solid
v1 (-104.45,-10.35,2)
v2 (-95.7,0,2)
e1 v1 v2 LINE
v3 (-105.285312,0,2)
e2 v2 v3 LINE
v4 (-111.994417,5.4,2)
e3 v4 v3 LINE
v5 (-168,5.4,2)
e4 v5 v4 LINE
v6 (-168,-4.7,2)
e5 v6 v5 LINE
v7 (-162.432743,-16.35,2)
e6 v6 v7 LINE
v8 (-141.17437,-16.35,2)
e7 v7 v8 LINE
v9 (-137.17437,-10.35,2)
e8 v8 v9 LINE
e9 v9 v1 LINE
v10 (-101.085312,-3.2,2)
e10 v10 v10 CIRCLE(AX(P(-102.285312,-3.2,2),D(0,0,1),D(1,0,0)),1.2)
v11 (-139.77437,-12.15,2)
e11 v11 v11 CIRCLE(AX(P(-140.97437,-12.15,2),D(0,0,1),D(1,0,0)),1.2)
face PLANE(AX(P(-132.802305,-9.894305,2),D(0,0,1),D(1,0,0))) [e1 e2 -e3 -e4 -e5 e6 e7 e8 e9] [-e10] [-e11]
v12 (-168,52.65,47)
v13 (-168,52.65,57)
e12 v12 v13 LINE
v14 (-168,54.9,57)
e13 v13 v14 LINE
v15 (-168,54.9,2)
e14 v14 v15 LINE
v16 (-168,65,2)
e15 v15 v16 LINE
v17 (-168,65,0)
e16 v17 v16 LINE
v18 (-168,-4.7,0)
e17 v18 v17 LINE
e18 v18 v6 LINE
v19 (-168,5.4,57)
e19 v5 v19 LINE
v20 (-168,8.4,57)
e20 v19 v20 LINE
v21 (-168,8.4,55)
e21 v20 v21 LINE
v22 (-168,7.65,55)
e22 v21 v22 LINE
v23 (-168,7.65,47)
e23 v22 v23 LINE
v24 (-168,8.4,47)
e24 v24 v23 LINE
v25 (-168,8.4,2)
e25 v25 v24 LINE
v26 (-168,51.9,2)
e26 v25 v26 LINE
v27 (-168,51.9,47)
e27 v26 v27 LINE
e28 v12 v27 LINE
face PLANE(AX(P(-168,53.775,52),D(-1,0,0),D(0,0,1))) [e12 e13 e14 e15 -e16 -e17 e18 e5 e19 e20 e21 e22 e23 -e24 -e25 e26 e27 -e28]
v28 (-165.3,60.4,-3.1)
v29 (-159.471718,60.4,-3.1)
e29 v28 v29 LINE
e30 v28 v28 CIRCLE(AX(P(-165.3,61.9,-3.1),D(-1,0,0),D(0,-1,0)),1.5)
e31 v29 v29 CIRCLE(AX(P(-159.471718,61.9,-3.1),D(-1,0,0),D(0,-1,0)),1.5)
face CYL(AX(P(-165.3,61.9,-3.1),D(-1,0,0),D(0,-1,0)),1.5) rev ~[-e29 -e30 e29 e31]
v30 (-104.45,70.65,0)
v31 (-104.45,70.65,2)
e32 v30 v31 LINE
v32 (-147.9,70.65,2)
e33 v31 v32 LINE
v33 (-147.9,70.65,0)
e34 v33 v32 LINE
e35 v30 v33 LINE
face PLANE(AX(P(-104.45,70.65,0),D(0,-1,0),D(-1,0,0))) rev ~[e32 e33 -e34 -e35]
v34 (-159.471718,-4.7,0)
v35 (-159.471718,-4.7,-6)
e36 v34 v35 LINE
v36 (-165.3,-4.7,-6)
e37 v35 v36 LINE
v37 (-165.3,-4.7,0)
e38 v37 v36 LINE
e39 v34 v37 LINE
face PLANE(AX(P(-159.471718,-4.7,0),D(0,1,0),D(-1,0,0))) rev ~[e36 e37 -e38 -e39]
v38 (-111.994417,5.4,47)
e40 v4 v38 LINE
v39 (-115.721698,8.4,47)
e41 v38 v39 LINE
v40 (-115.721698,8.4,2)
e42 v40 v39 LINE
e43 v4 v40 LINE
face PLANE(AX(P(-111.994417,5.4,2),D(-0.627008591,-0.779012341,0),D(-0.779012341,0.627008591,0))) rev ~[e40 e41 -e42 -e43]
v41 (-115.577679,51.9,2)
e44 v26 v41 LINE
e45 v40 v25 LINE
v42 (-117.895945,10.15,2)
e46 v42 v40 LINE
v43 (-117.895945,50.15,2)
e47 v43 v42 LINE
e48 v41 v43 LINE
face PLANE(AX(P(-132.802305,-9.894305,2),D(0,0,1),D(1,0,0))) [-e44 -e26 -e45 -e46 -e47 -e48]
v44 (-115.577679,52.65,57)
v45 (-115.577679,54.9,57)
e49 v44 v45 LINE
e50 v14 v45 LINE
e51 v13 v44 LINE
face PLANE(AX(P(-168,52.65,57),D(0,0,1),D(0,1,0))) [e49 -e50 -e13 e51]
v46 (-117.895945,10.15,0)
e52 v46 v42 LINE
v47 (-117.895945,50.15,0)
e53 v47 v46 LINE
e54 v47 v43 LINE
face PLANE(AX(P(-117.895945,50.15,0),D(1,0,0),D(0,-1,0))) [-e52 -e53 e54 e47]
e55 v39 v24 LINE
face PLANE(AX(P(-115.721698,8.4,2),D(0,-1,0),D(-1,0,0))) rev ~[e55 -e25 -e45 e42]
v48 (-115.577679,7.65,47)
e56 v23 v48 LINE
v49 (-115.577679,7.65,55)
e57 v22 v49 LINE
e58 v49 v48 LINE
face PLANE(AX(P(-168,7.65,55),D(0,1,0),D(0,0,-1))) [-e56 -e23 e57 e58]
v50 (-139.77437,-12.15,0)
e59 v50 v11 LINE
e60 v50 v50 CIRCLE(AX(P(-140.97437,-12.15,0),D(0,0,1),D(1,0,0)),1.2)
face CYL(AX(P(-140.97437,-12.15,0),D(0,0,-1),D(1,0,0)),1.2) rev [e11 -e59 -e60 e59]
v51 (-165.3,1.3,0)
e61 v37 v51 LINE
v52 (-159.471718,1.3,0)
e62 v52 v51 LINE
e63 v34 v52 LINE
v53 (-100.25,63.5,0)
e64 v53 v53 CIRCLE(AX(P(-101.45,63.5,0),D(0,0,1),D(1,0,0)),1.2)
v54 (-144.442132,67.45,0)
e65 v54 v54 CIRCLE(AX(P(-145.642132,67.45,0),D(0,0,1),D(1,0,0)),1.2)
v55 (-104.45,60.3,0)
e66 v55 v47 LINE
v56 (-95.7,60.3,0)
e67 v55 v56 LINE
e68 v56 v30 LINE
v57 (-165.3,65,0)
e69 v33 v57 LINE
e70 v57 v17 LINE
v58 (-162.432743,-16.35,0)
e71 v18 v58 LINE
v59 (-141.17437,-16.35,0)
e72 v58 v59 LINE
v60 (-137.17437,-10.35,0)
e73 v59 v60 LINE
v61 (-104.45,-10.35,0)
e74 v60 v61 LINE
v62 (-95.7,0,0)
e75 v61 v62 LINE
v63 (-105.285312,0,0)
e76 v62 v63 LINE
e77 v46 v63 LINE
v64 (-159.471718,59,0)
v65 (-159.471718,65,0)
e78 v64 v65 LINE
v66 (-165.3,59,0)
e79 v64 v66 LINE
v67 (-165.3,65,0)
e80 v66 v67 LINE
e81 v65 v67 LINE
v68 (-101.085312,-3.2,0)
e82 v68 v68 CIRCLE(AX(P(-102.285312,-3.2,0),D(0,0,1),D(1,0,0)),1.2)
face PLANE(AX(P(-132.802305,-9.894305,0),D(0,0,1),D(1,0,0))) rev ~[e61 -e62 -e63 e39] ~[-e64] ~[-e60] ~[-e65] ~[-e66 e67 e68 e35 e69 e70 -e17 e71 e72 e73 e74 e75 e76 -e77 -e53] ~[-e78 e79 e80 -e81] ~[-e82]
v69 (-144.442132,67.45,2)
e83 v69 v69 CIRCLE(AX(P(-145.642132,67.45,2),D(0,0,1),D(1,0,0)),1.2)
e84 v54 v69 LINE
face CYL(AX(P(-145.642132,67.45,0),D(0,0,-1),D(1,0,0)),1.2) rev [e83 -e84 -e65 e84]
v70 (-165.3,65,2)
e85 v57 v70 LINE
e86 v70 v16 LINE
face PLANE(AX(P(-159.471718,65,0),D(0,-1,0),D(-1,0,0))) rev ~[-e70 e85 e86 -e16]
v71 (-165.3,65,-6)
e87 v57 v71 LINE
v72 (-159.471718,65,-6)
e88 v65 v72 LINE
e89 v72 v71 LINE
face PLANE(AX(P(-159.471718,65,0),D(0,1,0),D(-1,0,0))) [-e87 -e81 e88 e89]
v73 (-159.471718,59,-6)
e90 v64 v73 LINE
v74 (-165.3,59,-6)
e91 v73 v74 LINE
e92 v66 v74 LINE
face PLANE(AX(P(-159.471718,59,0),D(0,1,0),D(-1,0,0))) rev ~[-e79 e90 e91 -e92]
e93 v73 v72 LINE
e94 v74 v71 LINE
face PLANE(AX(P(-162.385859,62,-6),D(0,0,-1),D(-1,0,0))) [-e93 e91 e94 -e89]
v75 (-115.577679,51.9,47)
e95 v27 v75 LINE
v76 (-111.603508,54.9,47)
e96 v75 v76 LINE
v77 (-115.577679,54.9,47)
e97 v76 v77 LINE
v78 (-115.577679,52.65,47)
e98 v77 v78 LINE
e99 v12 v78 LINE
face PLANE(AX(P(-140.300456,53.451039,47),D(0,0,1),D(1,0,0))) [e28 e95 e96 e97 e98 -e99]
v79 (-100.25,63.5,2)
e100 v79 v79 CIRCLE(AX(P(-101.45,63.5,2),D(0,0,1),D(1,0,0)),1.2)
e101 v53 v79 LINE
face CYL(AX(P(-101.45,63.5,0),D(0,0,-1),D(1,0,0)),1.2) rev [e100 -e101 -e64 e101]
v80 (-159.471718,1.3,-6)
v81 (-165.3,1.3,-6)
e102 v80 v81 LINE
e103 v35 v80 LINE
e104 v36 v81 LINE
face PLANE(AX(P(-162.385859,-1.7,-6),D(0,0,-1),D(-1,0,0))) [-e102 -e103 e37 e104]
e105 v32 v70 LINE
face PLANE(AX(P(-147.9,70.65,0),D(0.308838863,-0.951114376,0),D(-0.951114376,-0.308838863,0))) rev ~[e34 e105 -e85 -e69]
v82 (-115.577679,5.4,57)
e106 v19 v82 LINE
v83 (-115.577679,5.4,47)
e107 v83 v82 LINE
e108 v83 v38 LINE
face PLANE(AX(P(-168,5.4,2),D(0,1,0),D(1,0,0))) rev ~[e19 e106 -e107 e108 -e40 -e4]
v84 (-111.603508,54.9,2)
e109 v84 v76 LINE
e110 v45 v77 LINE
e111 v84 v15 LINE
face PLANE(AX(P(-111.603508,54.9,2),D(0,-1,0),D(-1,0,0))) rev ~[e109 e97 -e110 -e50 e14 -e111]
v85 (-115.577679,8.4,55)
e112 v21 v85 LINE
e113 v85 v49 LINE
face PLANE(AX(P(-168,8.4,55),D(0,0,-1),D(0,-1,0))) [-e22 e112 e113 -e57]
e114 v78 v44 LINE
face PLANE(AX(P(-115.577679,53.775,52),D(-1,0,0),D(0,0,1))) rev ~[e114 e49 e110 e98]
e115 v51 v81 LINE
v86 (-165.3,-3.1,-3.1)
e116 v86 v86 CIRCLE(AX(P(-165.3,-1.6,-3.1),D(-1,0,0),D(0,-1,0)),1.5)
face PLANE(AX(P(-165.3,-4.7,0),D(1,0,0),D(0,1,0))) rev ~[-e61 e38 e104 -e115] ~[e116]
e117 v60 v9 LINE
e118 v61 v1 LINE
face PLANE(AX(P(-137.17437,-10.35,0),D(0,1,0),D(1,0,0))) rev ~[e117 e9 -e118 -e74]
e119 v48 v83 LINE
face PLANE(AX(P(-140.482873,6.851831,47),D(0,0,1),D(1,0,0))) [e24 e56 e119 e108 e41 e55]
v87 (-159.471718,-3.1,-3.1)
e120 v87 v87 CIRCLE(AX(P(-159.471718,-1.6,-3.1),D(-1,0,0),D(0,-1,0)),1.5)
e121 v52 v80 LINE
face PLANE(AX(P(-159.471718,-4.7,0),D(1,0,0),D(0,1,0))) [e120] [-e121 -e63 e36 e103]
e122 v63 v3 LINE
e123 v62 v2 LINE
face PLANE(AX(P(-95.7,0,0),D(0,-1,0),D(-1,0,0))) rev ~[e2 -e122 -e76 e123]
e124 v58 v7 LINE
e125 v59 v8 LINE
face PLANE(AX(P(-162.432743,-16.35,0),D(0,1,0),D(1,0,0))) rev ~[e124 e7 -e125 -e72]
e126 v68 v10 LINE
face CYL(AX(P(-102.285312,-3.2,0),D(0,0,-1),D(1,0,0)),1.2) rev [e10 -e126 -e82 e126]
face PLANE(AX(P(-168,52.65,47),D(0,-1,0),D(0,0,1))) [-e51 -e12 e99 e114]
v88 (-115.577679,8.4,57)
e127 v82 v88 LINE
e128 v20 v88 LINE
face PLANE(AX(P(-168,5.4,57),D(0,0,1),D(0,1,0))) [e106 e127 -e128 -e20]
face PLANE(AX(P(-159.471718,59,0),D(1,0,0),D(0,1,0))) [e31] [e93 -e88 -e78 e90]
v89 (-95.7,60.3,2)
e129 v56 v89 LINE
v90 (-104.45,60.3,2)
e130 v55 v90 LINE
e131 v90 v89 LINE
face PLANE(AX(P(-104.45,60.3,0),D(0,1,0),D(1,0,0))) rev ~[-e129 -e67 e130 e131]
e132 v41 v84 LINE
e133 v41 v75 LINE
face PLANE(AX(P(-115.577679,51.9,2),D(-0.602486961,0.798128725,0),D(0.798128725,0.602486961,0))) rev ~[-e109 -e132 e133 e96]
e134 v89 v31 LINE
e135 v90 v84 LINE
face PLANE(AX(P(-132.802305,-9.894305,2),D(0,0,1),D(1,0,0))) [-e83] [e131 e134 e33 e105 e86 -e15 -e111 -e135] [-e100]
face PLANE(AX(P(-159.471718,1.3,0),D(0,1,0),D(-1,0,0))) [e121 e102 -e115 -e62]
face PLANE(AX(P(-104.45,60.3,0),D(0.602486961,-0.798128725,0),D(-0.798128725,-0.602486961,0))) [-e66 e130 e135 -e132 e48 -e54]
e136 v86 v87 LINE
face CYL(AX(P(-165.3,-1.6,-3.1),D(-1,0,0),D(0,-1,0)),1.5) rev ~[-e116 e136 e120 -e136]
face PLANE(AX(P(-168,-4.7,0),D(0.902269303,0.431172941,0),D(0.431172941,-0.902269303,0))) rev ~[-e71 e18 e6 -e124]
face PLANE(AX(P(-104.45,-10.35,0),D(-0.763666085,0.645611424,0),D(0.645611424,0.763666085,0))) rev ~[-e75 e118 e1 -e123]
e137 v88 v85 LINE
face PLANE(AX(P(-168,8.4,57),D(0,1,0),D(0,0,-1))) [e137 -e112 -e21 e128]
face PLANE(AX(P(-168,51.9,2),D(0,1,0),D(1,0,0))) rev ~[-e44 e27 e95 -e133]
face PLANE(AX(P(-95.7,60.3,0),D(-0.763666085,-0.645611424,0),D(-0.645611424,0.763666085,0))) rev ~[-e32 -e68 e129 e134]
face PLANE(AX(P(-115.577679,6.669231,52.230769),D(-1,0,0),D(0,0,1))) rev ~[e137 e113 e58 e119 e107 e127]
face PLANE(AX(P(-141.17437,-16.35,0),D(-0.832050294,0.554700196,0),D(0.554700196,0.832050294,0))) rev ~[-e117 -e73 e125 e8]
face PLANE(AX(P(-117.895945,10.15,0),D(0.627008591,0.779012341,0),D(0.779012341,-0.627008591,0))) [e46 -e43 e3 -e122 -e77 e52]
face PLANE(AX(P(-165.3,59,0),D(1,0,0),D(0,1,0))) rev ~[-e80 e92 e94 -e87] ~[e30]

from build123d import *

# Parameters (mm, degrees)
SKETCH_1_R          = 1.2
EXTRUDE_1_DEPTH     = 2
SKETCH_2_W          = 5.828282036
SKETCH_2_H          = 6
EXTRUDE_3_DEPTH     = 6
SKETCH_4_R          = 1.5
CUT_EXTRUDE_1_DEPTH = 5.828282036
EXTRUDE_4_DEPTH     = 45
EXTRUDE_5_DEPTH     = 52.422321


with BuildPart() as part:
    # 草图1 → 凸台-拉伸1 (new body)
    # profile 1 of 3: a face of its own
    with BuildSketch(Plane.XY):
        Polygon((-105.285311989, -8.55), (-141.174369577, -8.55), (-145.174369577, -14.55), (-161.297950566, -14.55), (-164.165207203, -8.55), (-165.3, -8.55), (-165.3, -4.7), (-168, -4.7), (-168, 65), (-165.3, 65), (-159.471717964, 65), (-149.4421323, 68.256733276), (-149.4421323, 63.85), (-141.4421323, 63.85), (-141.4421323, 68.85), (-104.45, 68.85), (-104.45, 60.3), (-117.895945033, 50.15), (-117.895945033, 10.15), (-105.285311989, 0), align=None)
    # profile 2 of 3: a face of its own
    with BuildSketch(Plane.XY):
        Polygon((-141.4421323, 63.85), (-141.4421323, 68.85), (-104.45, 68.85), (-104.45, 60.3), (-95.7, 60.3), (-104.45, 70.65), (-147.9, 70.65), (-165.3, 65), (-159.471717964, 65), (-149.4421323, 68.256733276), (-149.4421323, 63.85), align=None)
        with Locations((-101.45, 63.5)):
            Circle(SKETCH_1_R, mode=Mode.SUBTRACT)
        with Locations((-145.6421323, 67.45)):
            Circle(SKETCH_1_R, mode=Mode.SUBTRACT)
    # profile 3 of 3: a face of its own
    with BuildSketch(Plane.XY):
        Polygon((-105.285311989, 0), (-105.285311989, -8.55), (-141.174369577, -8.55), (-145.174369577, -14.55), (-161.297950566, -14.55), (-164.165207203, -8.55), (-165.3, -8.55), (-165.3, -4.7), (-168, -4.7), (-162.432743363, -16.35), (-141.174369577, -16.35), (-137.174369577, -10.35), (-104.45, -10.35), (-95.7, 0), align=None)
        with Locations((-140.974369577, -12.15)):
            Circle(SKETCH_1_R, mode=Mode.SUBTRACT)
        with Locations((-102.285311989, -3.2)):
            Circle(SKETCH_1_R, mode=Mode.SUBTRACT)
    extrude(amount=EXTRUDE_1_DEPTH)

    # 草图2 → 凸台-拉伸3 (add)
    with BuildSketch(Plane(origin=(0, 0, 0), x_dir=(-1, 0, 0), z_dir=(0, 0, -1))):
        with Locations((162.385858982, 62)):
            Rectangle(SKETCH_2_W, SKETCH_2_H)
        with Locations((162.385858982, -1.7)):
            Rectangle(SKETCH_2_W, SKETCH_2_H)
    extrude(amount=EXTRUDE_3_DEPTH)

    # 草图4 → 切除-拉伸1 (cut)
    with BuildSketch(Plane.ZY.offset(165.3)):
        with Locations(Location((-3.1, 61.9, 0), (0, 0, 270))):
            Circle(SKETCH_4_R)
        with Locations(Location((-3.1, -1.6, 0), (0, 0, 270))):
            Circle(SKETCH_4_R)
    extrude(amount=-CUT_EXTRUDE_1_DEPTH, mode=Mode.SUBTRACT)

    # 草图5 → 凸台-拉伸4 (add)
    with BuildSketch(Plane.XY.offset(2)):
        Polygon((-113, 54.9), (-168, 54.9), (-168, 51.9), (-115.577678648, 51.9), (-111.603507702, 54.9), align=None)
        Polygon((-115.721697956, 8.4), (-168, 8.4), (-168, 5.4), (-113, 5.4), (-111.994417254, 5.4), align=None)
    extrude(amount=EXTRUDE_4_DEPTH)

    # 草图6 → 凸台-拉伸5 (add)
    with BuildSketch(Plane.ZY.offset(168)):
        Polygon((47, 54.9), (47, 52.65), (55, 52.65), (57, 52.65), (57, 54.9), align=None)
        Polygon((55, 7.65), (47, 7.65), (47, 5.4), (57, 5.4), (57, 8.4), (55, 8.4), align=None)
    extrude(amount=-EXTRUDE_5_DEPTH)


solid = part.part
